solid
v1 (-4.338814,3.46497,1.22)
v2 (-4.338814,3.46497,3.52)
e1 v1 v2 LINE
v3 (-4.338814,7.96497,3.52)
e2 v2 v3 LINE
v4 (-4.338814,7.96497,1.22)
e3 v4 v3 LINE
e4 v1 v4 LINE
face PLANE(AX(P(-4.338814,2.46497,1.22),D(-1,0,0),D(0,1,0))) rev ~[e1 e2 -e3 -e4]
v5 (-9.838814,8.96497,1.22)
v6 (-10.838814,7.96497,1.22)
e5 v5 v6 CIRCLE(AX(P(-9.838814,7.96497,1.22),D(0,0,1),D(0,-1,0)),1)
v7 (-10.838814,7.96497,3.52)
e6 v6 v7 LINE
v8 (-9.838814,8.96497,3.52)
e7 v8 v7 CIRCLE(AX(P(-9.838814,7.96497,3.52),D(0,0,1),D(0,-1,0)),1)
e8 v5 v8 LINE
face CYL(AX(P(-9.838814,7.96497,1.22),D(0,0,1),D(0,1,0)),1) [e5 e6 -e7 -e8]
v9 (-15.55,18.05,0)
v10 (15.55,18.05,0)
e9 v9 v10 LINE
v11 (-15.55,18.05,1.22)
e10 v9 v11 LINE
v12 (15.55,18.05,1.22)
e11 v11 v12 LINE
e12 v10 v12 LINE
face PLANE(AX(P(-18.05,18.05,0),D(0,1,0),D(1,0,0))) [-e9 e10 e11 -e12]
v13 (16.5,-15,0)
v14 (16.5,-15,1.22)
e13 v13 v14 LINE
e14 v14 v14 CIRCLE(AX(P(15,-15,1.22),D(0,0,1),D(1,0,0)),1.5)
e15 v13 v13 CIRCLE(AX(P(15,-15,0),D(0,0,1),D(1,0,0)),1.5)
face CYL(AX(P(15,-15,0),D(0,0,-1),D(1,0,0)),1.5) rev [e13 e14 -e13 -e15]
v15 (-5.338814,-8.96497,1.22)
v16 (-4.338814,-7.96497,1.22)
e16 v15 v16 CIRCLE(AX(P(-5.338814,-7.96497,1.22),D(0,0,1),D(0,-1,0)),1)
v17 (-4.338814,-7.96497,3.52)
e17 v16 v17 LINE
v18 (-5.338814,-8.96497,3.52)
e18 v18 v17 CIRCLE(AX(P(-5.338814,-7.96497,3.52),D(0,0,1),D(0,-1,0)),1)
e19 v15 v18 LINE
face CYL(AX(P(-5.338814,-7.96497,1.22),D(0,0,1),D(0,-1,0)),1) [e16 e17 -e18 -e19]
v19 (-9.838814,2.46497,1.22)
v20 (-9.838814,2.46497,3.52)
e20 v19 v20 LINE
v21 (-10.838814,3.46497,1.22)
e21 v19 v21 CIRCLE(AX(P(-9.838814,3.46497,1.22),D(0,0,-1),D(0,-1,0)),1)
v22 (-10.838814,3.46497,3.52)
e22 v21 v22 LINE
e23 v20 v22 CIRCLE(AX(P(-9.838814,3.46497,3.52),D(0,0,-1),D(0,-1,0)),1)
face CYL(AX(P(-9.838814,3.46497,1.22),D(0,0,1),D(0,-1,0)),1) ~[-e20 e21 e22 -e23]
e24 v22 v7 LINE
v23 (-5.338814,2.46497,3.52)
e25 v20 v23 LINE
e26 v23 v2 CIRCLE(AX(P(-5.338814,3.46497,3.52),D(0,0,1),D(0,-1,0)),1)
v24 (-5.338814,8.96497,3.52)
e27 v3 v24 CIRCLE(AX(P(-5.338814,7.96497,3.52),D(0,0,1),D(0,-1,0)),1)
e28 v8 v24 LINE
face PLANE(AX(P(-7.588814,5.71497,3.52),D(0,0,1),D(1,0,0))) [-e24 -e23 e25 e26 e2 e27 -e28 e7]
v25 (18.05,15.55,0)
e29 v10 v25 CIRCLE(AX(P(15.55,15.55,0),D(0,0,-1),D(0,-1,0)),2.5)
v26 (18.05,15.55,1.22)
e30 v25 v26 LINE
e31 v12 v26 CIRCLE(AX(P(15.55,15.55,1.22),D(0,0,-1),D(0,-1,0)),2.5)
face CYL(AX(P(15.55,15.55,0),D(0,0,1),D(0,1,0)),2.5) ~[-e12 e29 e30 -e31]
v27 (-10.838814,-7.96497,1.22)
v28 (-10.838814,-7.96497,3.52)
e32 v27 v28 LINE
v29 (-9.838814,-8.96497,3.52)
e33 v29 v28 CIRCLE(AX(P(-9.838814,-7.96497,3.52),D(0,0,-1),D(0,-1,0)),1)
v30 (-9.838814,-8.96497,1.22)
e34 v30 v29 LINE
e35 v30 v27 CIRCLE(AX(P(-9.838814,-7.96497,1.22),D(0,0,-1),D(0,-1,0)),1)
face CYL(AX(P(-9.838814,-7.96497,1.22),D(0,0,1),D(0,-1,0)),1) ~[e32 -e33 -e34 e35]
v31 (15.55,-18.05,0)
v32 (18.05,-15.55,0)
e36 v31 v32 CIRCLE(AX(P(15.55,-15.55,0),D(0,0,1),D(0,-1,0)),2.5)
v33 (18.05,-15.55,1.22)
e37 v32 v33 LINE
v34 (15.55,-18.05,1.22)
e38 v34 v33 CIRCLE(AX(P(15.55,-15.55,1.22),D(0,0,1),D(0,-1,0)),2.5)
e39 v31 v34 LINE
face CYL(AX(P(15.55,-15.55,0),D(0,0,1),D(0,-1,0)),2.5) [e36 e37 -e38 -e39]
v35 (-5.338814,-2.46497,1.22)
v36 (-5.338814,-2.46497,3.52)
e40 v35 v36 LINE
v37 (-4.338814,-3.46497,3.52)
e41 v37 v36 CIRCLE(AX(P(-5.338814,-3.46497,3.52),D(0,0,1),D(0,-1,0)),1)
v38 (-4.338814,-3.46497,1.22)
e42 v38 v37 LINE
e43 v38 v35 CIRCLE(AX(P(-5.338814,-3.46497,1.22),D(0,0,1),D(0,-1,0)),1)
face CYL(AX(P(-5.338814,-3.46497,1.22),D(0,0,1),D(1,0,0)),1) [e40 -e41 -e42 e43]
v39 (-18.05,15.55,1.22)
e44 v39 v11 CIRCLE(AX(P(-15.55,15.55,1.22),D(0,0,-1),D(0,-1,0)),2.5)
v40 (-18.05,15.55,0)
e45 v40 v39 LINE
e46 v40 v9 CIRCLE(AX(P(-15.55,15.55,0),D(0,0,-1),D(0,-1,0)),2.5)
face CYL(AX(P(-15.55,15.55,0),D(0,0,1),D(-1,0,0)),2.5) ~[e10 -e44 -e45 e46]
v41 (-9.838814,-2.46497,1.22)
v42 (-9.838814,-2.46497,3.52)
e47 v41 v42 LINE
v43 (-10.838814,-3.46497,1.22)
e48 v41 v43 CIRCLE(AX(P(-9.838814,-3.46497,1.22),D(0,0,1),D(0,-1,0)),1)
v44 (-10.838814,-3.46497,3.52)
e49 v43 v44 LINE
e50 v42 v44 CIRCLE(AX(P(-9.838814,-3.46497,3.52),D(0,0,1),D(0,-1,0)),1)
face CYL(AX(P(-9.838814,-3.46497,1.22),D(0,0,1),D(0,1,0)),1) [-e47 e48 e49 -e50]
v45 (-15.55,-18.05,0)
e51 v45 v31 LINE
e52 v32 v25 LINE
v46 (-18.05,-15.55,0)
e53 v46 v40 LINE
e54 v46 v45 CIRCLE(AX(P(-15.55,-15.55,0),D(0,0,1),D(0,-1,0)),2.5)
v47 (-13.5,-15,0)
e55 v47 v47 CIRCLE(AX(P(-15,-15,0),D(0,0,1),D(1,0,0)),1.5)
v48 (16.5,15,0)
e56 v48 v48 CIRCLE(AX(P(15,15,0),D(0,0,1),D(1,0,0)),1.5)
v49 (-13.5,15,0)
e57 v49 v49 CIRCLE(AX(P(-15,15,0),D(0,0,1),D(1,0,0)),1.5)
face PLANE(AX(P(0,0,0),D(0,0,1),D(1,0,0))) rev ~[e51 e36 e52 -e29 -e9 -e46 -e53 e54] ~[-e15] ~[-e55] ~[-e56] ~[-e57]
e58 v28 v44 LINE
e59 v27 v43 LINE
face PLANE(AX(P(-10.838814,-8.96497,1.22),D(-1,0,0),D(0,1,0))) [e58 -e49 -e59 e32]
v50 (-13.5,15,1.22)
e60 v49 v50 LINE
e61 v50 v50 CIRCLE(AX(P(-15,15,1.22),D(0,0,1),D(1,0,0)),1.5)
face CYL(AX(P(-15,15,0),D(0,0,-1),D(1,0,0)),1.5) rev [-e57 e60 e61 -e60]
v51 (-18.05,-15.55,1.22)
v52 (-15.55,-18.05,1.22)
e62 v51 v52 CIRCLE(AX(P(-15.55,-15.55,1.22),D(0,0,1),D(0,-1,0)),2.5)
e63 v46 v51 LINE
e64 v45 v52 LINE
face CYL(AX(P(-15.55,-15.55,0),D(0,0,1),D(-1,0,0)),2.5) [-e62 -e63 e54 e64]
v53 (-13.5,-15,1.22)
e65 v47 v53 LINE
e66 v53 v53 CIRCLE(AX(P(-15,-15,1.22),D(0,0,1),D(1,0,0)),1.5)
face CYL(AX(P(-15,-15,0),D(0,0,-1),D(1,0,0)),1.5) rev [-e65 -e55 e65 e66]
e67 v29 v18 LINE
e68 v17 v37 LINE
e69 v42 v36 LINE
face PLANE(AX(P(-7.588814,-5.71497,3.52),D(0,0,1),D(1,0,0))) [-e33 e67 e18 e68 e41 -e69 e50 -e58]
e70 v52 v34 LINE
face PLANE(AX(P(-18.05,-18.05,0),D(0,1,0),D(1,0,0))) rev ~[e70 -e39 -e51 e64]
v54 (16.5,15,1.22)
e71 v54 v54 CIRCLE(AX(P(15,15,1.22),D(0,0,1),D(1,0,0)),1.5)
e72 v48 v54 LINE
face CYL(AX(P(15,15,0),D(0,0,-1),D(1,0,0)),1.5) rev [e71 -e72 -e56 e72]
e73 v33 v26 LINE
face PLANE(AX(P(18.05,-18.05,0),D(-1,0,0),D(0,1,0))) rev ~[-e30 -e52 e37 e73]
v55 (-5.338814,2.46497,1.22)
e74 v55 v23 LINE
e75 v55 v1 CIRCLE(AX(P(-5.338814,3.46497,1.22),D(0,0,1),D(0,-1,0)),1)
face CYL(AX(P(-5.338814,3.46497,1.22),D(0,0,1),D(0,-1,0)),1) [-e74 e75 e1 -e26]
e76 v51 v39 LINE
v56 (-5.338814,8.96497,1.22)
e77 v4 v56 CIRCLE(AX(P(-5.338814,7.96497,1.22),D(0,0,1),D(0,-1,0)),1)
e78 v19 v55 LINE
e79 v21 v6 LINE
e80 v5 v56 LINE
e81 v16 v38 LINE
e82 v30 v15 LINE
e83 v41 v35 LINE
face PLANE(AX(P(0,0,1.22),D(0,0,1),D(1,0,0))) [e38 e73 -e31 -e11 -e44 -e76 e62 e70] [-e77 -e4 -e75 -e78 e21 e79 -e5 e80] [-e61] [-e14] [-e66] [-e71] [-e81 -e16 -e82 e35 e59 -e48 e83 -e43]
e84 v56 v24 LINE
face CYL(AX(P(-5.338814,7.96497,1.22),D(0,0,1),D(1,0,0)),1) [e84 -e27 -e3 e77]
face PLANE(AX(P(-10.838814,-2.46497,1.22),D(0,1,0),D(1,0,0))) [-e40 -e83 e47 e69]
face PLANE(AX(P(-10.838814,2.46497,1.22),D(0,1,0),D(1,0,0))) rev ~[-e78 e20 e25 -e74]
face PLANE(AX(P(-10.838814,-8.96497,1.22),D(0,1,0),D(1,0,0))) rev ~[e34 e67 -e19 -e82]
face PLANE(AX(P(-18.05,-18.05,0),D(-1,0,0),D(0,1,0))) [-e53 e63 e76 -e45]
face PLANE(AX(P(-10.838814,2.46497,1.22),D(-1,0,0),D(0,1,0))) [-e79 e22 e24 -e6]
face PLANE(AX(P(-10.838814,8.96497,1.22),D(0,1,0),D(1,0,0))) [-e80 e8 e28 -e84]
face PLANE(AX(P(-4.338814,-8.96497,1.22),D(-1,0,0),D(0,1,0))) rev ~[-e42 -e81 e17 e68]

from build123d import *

# Parameters (mm, degrees)
F0_W     = 36.1
F0_H     = 36.1
F0_R     = 1.5
F1_DEPTH = 1.22
F2_R     = 2.5
F3_W     = 6.5
F3_H     = 6.5
F4_DEPTH = 2.3
F5_R     = 1


with BuildPart() as f1:
    # F0 (on Top) → F1 (new body)
    with BuildSketch(Plane.XY):
        Rectangle(F0_W, F0_H)
        with Locations((-15, -15)):
            Circle(F0_R, mode=Mode.SUBTRACT)
        with Locations((15, -15)):
            Circle(F0_R, mode=Mode.SUBTRACT)
        with Locations((-15, 15)):
            Circle(F0_R, mode=Mode.SUBTRACT)
        with Locations((15, 15)):
            Circle(F0_R, mode=Mode.SUBTRACT)
    extrude(amount=F1_DEPTH)

    # F2
    f2_edges = [f1.edges().sort_by_distance(p)[0] for p in [
        (18.05, 18.05, 0.61),
        (18.05, -18.05, 0.61),
        (-18.05, -18.05, 0.61),
        (-18.05, 18.05, 0.61),
    ]]
    fillet(f2_edges, radius=F2_R)

    # F3 (on face) → F4 (join)
    with BuildSketch(Plane.XY.offset(1.22)):
        with Locations((-7.588814, -5.71497)):
            Rectangle(F3_W, F3_H)
        with Locations((-7.588814, 5.71497)):
            Rectangle(F3_W, F3_H)
    extrude(amount=F4_DEPTH)

    # F5
    f5_edges = [f1.edges().sort_by_distance(p)[0] for p in [
        (-10.838814, -8.96497, 2.37),
        (-4.338814, -8.96497, 2.37),
        (-4.338814, -2.46497, 2.37),
        (-10.838814, -2.46497, 2.37),
        (-10.838814, 8.96497, 2.37),
        (-10.838814, 2.46497, 2.37),
        (-4.338814, 8.96497, 2.37),
        (-4.338814, 2.46497, 2.37),
    ]]
    fillet(f5_edges, radius=F5_R)


solid = f1.part
